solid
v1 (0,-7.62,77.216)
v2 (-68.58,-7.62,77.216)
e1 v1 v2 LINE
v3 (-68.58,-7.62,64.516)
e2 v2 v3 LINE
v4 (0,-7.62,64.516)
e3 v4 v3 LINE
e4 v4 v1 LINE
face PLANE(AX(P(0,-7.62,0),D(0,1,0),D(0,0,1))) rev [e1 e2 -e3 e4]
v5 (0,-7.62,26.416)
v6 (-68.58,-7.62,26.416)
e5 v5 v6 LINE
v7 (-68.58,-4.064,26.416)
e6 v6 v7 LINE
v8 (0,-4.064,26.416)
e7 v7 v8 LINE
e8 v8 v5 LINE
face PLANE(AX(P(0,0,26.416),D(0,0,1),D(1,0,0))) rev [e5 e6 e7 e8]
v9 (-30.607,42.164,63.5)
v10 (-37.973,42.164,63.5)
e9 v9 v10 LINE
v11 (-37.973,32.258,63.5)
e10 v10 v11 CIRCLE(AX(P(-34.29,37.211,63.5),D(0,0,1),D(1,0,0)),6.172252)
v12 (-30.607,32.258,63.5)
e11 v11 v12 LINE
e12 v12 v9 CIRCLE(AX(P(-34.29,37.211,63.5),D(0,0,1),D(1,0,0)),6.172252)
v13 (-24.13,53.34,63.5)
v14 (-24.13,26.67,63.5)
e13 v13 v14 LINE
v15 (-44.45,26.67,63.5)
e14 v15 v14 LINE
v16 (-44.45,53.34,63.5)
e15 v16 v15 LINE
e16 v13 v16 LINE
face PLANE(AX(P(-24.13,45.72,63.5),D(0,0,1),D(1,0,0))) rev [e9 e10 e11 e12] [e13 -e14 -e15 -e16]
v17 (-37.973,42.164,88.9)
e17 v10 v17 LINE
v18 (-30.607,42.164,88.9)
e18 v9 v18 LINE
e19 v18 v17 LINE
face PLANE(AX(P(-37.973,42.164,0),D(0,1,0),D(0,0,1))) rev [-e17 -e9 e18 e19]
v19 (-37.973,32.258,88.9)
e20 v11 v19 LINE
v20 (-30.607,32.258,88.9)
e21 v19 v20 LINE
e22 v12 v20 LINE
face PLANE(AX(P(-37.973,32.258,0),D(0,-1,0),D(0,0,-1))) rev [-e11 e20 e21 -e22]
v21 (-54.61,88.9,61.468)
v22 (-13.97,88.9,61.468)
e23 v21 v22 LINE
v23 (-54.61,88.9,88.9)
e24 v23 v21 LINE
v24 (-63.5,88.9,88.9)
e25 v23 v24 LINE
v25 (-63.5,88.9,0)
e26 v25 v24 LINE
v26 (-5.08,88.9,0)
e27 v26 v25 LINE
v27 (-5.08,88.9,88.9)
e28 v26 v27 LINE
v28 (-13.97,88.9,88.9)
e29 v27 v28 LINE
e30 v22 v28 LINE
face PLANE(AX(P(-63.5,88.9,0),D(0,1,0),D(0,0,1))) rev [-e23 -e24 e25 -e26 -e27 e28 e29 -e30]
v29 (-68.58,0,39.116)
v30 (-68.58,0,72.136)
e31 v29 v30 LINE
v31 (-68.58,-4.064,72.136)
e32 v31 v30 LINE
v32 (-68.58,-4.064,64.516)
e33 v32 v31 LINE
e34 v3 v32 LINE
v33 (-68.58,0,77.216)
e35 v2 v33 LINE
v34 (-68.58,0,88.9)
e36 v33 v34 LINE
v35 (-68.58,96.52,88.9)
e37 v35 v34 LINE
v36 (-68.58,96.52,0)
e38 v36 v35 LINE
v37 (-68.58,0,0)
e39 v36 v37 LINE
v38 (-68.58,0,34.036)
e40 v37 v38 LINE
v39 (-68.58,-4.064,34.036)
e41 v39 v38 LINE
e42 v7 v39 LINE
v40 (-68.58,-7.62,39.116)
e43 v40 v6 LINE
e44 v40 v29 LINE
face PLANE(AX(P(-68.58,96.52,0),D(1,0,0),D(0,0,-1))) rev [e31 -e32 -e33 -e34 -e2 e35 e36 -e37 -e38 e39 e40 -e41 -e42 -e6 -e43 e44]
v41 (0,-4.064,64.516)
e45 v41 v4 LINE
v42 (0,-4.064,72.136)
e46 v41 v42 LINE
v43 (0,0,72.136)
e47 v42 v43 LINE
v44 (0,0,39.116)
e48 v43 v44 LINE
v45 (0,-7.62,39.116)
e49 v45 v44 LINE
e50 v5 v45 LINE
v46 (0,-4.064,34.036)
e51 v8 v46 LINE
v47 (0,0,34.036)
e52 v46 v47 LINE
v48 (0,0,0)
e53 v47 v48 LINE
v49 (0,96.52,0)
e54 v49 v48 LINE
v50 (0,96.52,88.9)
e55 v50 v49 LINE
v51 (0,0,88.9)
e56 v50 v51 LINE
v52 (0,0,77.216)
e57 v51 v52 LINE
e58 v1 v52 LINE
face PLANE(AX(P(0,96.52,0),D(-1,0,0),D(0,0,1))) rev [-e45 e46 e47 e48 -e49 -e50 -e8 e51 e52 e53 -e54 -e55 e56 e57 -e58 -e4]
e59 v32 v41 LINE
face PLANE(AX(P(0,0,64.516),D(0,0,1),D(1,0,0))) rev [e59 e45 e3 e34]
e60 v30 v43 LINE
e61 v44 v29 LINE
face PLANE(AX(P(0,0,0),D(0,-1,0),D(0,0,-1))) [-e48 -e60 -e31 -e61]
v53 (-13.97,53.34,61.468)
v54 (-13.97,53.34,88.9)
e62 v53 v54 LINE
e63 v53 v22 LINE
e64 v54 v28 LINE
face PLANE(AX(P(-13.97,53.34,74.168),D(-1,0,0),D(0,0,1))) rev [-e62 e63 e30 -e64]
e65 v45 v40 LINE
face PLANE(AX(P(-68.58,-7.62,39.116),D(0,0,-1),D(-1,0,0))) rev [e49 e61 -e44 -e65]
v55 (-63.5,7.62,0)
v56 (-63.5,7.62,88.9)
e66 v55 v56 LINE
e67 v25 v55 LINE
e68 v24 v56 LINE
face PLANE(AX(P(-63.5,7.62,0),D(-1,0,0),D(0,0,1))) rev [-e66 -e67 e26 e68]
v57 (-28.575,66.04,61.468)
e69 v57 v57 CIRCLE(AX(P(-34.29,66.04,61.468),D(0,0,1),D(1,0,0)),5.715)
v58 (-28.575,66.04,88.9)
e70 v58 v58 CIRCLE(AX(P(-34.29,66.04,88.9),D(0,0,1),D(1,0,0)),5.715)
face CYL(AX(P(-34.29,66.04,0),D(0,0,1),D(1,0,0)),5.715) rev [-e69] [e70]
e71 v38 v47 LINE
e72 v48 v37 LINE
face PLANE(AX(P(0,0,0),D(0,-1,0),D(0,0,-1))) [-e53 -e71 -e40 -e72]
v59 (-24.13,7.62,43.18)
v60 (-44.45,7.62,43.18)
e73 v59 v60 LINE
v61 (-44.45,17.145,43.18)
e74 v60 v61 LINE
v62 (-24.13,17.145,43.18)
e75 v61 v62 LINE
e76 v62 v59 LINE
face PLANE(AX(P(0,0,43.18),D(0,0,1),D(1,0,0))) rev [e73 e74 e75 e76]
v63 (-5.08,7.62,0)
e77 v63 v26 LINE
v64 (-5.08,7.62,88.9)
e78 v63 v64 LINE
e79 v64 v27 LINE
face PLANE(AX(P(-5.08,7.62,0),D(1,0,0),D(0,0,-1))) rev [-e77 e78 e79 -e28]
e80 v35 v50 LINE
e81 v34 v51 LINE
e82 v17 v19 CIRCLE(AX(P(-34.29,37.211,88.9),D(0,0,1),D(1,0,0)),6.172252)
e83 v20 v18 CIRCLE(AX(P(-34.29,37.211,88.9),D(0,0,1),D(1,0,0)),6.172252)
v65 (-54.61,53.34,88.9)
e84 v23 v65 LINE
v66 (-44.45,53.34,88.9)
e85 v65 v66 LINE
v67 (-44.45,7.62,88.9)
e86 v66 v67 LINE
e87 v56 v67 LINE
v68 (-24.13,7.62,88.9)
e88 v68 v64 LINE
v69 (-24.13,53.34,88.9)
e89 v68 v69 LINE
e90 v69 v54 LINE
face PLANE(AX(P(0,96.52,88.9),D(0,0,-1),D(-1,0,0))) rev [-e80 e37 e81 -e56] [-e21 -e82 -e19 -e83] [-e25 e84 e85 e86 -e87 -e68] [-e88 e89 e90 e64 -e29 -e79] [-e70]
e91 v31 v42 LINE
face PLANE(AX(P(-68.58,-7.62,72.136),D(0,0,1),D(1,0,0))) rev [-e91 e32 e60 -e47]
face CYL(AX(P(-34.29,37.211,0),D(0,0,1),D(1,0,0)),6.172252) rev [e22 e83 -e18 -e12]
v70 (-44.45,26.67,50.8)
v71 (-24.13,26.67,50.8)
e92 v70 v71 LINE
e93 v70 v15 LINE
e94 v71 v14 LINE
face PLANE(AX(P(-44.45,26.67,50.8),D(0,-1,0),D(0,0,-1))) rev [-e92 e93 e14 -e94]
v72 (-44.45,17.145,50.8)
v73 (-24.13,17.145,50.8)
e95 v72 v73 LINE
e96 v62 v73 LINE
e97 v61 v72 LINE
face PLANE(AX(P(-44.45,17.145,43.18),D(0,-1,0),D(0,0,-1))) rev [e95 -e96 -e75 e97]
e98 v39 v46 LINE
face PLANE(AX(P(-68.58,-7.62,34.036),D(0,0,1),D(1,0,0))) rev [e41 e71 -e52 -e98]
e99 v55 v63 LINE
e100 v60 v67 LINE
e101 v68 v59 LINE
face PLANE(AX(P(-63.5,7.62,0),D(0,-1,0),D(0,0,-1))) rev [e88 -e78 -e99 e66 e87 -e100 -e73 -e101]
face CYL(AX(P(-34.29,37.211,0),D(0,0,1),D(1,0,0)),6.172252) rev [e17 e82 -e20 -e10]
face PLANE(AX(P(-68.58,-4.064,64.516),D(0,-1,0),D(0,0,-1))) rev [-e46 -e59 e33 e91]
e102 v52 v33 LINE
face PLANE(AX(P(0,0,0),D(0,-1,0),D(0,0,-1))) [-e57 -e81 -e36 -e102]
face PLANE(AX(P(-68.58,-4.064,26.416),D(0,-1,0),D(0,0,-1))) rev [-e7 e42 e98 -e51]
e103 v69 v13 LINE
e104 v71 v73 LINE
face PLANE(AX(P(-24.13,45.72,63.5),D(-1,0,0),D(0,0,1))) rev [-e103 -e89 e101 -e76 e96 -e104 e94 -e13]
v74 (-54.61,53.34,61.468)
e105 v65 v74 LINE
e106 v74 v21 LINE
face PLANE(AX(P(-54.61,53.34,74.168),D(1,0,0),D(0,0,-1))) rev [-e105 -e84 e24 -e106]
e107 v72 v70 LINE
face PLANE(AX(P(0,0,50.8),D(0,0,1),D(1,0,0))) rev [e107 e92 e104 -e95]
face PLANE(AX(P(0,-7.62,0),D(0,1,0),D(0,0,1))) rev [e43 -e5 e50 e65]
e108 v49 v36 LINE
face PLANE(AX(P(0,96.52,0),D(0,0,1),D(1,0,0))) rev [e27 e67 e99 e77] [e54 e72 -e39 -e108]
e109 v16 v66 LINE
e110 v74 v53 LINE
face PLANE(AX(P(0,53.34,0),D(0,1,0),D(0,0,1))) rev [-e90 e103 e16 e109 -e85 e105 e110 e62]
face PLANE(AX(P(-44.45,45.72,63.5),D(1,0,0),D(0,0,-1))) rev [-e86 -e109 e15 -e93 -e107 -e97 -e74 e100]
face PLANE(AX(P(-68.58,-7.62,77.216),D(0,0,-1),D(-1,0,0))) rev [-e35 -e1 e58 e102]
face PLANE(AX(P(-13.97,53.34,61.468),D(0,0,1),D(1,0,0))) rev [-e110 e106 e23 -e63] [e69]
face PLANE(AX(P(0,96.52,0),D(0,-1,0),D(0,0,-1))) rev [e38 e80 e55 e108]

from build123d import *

# Parameters (mm, degrees)
SKETCH1_W            = 68.58
SKETCH1_H            = 88.9
BOSS_EXTRUDE1_DEPTH  = 96.52
SKETCH2_W            = 58.42
SKETCH2_H            = 81.28
CUT_EXTRUDE1_DEPTH   = 149.062611081
SKETCH3_W            = 20.32
SKETCH3_H            = 12.7
BOSS_EXTRUDE2_DEPTH  = 38.1
SKETCH4_W            = 20.32
SKETCH4_H            = 19.05
BOSS_EXTRUDE3_DEPTH  = 12.7
SKETCH5_W            = 20.32
SKETCH5_H            = 9.525
BOSS_EXTRUDE4_DEPTH  = 7.62
CUT_EXTRUDE2_DEPTH   = 141.804001364
SKETCH7_W            = 68.58
SKETCH7_H            = 5.08
BOSS_EXTRUDE5_DEPTH  = 7.62
SKETCH8_W            = 68.58
SKETCH8_H            = 3.556
BOSS_EXTRUDE6_DEPTH  = 7.62
SKETCH9_W            = 68.58
SKETCH9_H            = 3.556
BOSS_EXTRUDE7_DEPTH  = 7.62
SKETCH10_W           = 40.64
SKETCH10_H           = 12.7
BOSS_EXTRUDE8_DEPTH  = 35.56
SKETCH11_R           = 5.715
CUT_EXTRUDE3_DEPTH   = 140.7147774
BOSS_EXTRUDE9_START  = 2.032
SKETCH13_W           = 40.64
SKETCH13_H           = 35.56
SKETCH13_R           = 5.715
BOSS_EXTRUDE9_DEPTH  = 2.032
SKETCH15_W           = 20.32
SKETCH15_H           = 12.7
BOSS_EXTRUDE10_DEPTH = 7.62
BOSS_EXTRUDE11_START = 12.7
SKETCH16_R           = 5.715
BOSS_EXTRUDE11_DEPTH = 12.7


with BuildPart() as part:
    # Sketch1 → Boss-Extrude1 (new body)
    with BuildSketch(Plane(origin=(0, 0, 0), x_dir=(-1, 0, 0), z_dir=(0, 1, 0))):
        with Locations((34.29, 44.45)):
            Rectangle(SKETCH1_W, SKETCH1_H)
    extrude(amount=BOSS_EXTRUDE1_DEPTH)

    # Sketch2 → Cut-Extrude1 (cut, through all)
    with BuildSketch(Plane.XY.offset(88.9)):
        with Locations((-34.29, 48.26)):
            Rectangle(SKETCH2_W, SKETCH2_H)
    extrude(amount=-CUT_EXTRUDE1_DEPTH, mode=Mode.SUBTRACT)

    # Sketch3 → Boss-Extrude2 (add)
    with BuildSketch(Plane(origin=(0, 7.62, 0), x_dir=(-1, 0, 0), z_dir=(0, 1, 0))):
        with Locations((34.29, 69.85)):
            Rectangle(SKETCH3_W, SKETCH3_H)
    extrude(amount=BOSS_EXTRUDE2_DEPTH)

    # Sketch4 → Boss-Extrude3 (add)
    with BuildSketch(Plane(origin=(0, 0, 63.5), x_dir=(1, 0, 0), z_dir=(0, 0, -1))):
        with Locations((-34.29, -17.145)):
            Rectangle(SKETCH4_W, SKETCH4_H)
    extrude(amount=BOSS_EXTRUDE3_DEPTH)

    # Sketch5 → Boss-Extrude4 (add)
    with BuildSketch(Plane(origin=(0, 0, 50.8), x_dir=(1, 0, 0), z_dir=(0, 0, -1))):
        with Locations((-34.29, -12.3825)):
            Rectangle(SKETCH5_W, SKETCH5_H)
    extrude(amount=BOSS_EXTRUDE4_DEPTH)

    # Sketch6 → Cut-Extrude2 (cut, through all)
    with BuildSketch(Plane.XY.offset(76.2)):
        with BuildLine():
            Line((-37.973, 42.164), (-30.607, 42.164))
            ThreePointArc((-30.607, 42.164), (-28.117747737, 37.211), (-30.607, 32.258))
            Line((-30.607, 32.258), (-37.973, 32.258))
            ThreePointArc((-37.973, 32.258), (-40.462252263, 37.211), (-37.973, 42.164))
        make_face()
    extrude(amount=-CUT_EXTRUDE2_DEPTH, mode=Mode.SUBTRACT)

    # Sketch7 → Boss-Extrude5 (add)
    with BuildSketch(Plane.XZ):
        with Locations((-34.29, 74.676)):
            Rectangle(SKETCH7_W, SKETCH7_H)
        with Locations((-34.29, 36.576)):
            Rectangle(SKETCH7_W, SKETCH7_H)
    extrude(amount=BOSS_EXTRUDE5_DEPTH)

    # Sketch8 → Boss-Extrude6 (add)
    with BuildSketch(Plane(origin=(0, 0, 72.136), x_dir=(1, 0, 0), z_dir=(0, 0, -1))):
        with Locations((-34.29, 5.842)):
            Rectangle(SKETCH8_W, SKETCH8_H)
    extrude(amount=BOSS_EXTRUDE6_DEPTH)

    # Sketch9 → Boss-Extrude7 (add)
    with BuildSketch(Plane(origin=(0, 0, 34.036), x_dir=(1, 0, 0), z_dir=(0, 0, -1))):
        with Locations((-34.29, 5.842)):
            Rectangle(SKETCH9_W, SKETCH9_H)
    extrude(amount=BOSS_EXTRUDE7_DEPTH)

    # Sketch10 → Boss-Extrude8 (add)
    with BuildSketch(Plane.XZ.offset(-88.9)):
        with Locations((-34.29, 67.818)):
            Rectangle(SKETCH10_W, SKETCH10_H)
    extrude(amount=BOSS_EXTRUDE8_DEPTH)

    # Sketch11 → Cut-Extrude3 (cut, through all)
    with BuildSketch(Plane.XY.offset(74.168)):
        with Locations((-34.29, 66.04)):
            Circle(SKETCH11_R)
    extrude(amount=-CUT_EXTRUDE3_DEPTH, mode=Mode.SUBTRACT)

    # Sketch13 → Boss-Extrude9 (add)
    with BuildSketch(Plane.XY.offset(74.168).offset(BOSS_EXTRUDE9_START)):
        with Locations((-34.29, 71.12)):
            Rectangle(SKETCH13_W, SKETCH13_H)
        with Locations((-34.29, 66.04)):
            Circle(SKETCH13_R, mode=Mode.SUBTRACT)
    extrude(amount=-BOSS_EXTRUDE9_DEPTH)

    # Sketch15 → Boss-Extrude10 (add)
    with BuildSketch(Plane(origin=(0, 45.72, 0), x_dir=(-1, 0, 0), z_dir=(0, 1, 0))):
        with Locations((34.29, 69.85)):
            Rectangle(SKETCH15_W, SKETCH15_H)
    extrude(amount=BOSS_EXTRUDE10_DEPTH)

    # Sketch16 → Boss-Extrude11 (add)
    with BuildSketch(Plane.XY.offset(76.2).offset(BOSS_EXTRUDE11_START)):
        Polygon((-54.61, 88.9), (-13.97, 88.9), (-13.97, 53.34), (-24.13, 53.34), (-24.13, 7.62), (-44.45, 7.62), (-44.45, 53.34), (-54.61, 53.34), align=None)
        with Locations((-34.29, 66.04)):
            Circle(SKETCH16_R, mode=Mode.SUBTRACT)
        with BuildLine():
            Line((-37.973, 42.164), (-30.607, 42.164))
            ThreePointArc((-30.607, 42.164), (-28.117747737, 37.211), (-30.607, 32.258))
            Line((-30.607, 32.258), (-37.973, 32.258))
            ThreePointArc((-37.973, 32.258), (-40.462252263, 37.211), (-37.973, 42.164))
        make_face(mode=Mode.SUBTRACT)
    extrude(amount=-BOSS_EXTRUDE11_DEPTH)


solid = part.part
